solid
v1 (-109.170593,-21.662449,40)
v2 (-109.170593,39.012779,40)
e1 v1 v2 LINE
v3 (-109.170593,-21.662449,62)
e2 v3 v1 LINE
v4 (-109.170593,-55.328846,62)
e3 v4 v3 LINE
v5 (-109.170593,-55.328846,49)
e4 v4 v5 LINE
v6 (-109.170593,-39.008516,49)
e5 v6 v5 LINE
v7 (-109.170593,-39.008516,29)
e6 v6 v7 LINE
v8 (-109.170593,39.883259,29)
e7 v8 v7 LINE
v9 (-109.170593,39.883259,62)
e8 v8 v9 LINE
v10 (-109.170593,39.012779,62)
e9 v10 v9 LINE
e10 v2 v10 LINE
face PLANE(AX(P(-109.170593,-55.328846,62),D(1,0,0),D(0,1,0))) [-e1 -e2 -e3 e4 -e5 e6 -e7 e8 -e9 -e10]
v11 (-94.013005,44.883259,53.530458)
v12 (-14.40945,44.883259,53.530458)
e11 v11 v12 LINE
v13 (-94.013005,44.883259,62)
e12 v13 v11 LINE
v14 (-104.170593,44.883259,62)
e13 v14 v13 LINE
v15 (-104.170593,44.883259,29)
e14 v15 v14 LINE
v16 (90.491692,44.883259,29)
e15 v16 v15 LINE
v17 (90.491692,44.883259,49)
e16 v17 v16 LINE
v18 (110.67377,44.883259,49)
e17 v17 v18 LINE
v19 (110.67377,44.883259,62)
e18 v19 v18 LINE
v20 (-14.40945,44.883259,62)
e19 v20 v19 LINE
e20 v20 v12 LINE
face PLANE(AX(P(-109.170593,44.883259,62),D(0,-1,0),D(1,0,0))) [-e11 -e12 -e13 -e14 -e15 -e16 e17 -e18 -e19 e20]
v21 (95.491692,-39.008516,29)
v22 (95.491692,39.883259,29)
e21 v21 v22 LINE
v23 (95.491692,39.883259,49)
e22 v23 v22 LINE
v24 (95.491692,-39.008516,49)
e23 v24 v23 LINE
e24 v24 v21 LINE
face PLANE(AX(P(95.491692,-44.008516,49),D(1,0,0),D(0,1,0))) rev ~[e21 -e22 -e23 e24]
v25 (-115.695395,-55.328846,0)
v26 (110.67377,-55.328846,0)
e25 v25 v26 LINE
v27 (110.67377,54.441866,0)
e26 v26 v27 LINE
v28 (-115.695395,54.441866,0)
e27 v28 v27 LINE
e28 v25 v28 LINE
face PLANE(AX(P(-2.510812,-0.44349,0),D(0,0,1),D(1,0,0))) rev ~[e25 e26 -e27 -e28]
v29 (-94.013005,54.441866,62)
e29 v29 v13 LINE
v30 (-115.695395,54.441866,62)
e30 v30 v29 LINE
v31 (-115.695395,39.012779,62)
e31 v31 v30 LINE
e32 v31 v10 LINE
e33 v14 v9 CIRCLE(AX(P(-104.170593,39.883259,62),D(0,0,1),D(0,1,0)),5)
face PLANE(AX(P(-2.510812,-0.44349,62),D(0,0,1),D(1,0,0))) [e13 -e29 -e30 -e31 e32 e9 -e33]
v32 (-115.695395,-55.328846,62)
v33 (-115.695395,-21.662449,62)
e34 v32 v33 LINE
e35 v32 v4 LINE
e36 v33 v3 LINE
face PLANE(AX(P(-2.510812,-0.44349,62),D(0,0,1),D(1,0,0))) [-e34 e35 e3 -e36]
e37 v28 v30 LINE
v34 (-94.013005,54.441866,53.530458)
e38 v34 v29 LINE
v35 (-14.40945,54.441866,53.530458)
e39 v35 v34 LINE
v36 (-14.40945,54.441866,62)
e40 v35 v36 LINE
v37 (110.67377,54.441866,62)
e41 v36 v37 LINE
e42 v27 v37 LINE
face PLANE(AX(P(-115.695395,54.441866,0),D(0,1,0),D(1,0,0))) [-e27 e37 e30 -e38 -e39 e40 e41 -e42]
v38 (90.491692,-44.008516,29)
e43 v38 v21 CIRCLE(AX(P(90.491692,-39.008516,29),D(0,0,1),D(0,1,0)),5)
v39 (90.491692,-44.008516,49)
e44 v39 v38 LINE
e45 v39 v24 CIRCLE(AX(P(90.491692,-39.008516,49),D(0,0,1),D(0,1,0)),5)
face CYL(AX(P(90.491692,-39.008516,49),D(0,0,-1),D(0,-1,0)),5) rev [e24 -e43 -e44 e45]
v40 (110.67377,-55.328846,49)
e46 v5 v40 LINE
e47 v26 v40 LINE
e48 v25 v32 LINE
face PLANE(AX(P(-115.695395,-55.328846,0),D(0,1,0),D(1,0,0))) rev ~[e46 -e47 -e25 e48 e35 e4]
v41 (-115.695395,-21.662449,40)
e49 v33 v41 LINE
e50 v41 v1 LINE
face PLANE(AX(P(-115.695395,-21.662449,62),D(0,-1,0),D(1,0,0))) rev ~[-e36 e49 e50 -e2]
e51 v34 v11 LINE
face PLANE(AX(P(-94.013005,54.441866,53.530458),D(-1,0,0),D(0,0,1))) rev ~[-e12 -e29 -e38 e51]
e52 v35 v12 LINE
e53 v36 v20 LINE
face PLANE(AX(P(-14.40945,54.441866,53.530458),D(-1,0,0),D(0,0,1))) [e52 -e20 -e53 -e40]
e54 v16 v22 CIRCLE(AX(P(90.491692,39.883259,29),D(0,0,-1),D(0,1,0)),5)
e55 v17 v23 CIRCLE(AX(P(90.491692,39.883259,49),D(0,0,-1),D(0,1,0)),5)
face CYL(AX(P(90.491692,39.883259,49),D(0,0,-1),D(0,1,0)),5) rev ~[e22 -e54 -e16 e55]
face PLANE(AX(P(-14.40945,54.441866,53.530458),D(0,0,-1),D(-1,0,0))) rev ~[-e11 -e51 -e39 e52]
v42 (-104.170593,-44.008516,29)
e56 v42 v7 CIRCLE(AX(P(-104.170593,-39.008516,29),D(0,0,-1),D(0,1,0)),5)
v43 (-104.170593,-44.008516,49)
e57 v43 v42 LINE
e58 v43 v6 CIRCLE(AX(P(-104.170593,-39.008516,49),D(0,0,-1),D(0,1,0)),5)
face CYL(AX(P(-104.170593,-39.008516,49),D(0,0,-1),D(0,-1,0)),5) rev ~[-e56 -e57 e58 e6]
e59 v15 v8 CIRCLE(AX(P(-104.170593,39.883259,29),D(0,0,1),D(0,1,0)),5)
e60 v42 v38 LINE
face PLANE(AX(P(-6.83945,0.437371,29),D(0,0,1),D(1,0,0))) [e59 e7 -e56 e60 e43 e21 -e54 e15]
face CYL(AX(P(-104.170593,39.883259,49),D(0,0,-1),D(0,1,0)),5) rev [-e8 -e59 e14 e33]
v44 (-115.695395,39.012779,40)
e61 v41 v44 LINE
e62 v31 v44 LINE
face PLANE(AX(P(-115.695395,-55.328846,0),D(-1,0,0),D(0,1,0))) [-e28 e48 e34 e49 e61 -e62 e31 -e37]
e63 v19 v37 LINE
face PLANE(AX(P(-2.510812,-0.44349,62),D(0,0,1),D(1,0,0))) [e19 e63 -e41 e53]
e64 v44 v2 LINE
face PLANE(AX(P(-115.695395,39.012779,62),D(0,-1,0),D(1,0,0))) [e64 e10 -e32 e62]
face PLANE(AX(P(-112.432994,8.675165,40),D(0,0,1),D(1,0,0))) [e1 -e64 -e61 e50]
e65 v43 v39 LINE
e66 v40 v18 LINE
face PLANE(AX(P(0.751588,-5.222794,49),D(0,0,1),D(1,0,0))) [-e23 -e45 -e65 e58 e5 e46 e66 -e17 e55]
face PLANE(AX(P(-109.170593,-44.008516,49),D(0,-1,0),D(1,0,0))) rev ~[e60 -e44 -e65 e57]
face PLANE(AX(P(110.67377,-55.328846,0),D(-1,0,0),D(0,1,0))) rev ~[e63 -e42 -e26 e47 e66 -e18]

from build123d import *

# Parameters (mm, degrees)
F0_W      = 226.3691648841
F0_H      = 109.7707115114
F1_DEPTH  = 62
F2_W      = 219.8443636298
F2_H      = 100.2121046185
F3_DEPTH  = 13
F4_W      = 6.5248012543
F4_H      = 60.6752280146
F5_DEPTH  = 22
F7_DEPTH  = 20
F8_R      = 5
F9_R      = 5
F10_R     = 5
F11_R     = 5
F12_W     = 79.6035556123
F12_H     = 8.4695416391
F13_DEPTH = 25


with BuildPart() as f1:
    # F0 (on Top) → F1 (new body)
    with BuildSketch(Plane.XY):
        with Locations((-2.5108121336, -0.4434902221)):
            Rectangle(F0_W, F0_H)
    extrude(amount=F1_DEPTH)

    # F2 (on face) → F3 (cut)
    with BuildSketch(Plane.XY.offset(62)):
        with Locations((0.7515884936, -5.2227936685)):
            Rectangle(F2_W, F2_H)
    extrude(amount=-F3_DEPTH, mode=Mode.SUBTRACT)

    # F4 (on face) → F5 (cut)
    with BuildSketch(Plane.XY.offset(62)):
        with Locations((-112.4329939485, 8.6751645431)):
            Rectangle(F4_W, F4_H)
    extrude(amount=-F5_DEPTH, mode=Mode.SUBTRACT)

    # F6 (on face) → F7 (cut)
    with BuildSketch(Plane.XY.offset(49)):
        Polygon((95.4916924238, 44.8832586408), (-109.1705933213, 44.8832586408), (-109.1705933213, 39.0127785504), (-109.1705933213, -21.6624494642), (-109.1705933213, -44.0085157752), (95.4916924238, -44.0085157752), align=None)
    extrude(amount=-F7_DEPTH, mode=Mode.SUBTRACT)

    # F8
    f8_edges = [f1.edges().sort_by_distance(p)[0] for p in [
        (95.491692, 44.883259, 39),
    ]]
    fillet(f8_edges, radius=F8_R)

    # F9
    f9_edges = [f1.edges().sort_by_distance(p)[0] for p in [
        (95.491692, -44.008516, 39),
    ]]
    fillet(f9_edges, radius=F9_R)

    # F10
    f10_edges = [f1.edges().sort_by_distance(p)[0] for p in [
        (-109.170593, -44.008516, 39),
    ]]
    fillet(f10_edges, radius=F10_R)

    # F11
    f11_edges = [f1.edges().sort_by_distance(p)[0] for p in [
        (-109.170593, 44.883259, 45.5),
    ]]
    fillet(f11_edges, radius=F11_R)

    # F12 (on face) → F13 (cut)
    with BuildSketch(Plane(origin=(0, 54.4418655336, 0), x_dir=(-1, 0, 0), z_dir=(0, 1, 0))):
        with Locations((54.2112276889, 57.7652291805)):
            Rectangle(F12_W, F12_H)
    extrude(amount=-F13_DEPTH, mode=Mode.SUBTRACT)


solid = f1.part
